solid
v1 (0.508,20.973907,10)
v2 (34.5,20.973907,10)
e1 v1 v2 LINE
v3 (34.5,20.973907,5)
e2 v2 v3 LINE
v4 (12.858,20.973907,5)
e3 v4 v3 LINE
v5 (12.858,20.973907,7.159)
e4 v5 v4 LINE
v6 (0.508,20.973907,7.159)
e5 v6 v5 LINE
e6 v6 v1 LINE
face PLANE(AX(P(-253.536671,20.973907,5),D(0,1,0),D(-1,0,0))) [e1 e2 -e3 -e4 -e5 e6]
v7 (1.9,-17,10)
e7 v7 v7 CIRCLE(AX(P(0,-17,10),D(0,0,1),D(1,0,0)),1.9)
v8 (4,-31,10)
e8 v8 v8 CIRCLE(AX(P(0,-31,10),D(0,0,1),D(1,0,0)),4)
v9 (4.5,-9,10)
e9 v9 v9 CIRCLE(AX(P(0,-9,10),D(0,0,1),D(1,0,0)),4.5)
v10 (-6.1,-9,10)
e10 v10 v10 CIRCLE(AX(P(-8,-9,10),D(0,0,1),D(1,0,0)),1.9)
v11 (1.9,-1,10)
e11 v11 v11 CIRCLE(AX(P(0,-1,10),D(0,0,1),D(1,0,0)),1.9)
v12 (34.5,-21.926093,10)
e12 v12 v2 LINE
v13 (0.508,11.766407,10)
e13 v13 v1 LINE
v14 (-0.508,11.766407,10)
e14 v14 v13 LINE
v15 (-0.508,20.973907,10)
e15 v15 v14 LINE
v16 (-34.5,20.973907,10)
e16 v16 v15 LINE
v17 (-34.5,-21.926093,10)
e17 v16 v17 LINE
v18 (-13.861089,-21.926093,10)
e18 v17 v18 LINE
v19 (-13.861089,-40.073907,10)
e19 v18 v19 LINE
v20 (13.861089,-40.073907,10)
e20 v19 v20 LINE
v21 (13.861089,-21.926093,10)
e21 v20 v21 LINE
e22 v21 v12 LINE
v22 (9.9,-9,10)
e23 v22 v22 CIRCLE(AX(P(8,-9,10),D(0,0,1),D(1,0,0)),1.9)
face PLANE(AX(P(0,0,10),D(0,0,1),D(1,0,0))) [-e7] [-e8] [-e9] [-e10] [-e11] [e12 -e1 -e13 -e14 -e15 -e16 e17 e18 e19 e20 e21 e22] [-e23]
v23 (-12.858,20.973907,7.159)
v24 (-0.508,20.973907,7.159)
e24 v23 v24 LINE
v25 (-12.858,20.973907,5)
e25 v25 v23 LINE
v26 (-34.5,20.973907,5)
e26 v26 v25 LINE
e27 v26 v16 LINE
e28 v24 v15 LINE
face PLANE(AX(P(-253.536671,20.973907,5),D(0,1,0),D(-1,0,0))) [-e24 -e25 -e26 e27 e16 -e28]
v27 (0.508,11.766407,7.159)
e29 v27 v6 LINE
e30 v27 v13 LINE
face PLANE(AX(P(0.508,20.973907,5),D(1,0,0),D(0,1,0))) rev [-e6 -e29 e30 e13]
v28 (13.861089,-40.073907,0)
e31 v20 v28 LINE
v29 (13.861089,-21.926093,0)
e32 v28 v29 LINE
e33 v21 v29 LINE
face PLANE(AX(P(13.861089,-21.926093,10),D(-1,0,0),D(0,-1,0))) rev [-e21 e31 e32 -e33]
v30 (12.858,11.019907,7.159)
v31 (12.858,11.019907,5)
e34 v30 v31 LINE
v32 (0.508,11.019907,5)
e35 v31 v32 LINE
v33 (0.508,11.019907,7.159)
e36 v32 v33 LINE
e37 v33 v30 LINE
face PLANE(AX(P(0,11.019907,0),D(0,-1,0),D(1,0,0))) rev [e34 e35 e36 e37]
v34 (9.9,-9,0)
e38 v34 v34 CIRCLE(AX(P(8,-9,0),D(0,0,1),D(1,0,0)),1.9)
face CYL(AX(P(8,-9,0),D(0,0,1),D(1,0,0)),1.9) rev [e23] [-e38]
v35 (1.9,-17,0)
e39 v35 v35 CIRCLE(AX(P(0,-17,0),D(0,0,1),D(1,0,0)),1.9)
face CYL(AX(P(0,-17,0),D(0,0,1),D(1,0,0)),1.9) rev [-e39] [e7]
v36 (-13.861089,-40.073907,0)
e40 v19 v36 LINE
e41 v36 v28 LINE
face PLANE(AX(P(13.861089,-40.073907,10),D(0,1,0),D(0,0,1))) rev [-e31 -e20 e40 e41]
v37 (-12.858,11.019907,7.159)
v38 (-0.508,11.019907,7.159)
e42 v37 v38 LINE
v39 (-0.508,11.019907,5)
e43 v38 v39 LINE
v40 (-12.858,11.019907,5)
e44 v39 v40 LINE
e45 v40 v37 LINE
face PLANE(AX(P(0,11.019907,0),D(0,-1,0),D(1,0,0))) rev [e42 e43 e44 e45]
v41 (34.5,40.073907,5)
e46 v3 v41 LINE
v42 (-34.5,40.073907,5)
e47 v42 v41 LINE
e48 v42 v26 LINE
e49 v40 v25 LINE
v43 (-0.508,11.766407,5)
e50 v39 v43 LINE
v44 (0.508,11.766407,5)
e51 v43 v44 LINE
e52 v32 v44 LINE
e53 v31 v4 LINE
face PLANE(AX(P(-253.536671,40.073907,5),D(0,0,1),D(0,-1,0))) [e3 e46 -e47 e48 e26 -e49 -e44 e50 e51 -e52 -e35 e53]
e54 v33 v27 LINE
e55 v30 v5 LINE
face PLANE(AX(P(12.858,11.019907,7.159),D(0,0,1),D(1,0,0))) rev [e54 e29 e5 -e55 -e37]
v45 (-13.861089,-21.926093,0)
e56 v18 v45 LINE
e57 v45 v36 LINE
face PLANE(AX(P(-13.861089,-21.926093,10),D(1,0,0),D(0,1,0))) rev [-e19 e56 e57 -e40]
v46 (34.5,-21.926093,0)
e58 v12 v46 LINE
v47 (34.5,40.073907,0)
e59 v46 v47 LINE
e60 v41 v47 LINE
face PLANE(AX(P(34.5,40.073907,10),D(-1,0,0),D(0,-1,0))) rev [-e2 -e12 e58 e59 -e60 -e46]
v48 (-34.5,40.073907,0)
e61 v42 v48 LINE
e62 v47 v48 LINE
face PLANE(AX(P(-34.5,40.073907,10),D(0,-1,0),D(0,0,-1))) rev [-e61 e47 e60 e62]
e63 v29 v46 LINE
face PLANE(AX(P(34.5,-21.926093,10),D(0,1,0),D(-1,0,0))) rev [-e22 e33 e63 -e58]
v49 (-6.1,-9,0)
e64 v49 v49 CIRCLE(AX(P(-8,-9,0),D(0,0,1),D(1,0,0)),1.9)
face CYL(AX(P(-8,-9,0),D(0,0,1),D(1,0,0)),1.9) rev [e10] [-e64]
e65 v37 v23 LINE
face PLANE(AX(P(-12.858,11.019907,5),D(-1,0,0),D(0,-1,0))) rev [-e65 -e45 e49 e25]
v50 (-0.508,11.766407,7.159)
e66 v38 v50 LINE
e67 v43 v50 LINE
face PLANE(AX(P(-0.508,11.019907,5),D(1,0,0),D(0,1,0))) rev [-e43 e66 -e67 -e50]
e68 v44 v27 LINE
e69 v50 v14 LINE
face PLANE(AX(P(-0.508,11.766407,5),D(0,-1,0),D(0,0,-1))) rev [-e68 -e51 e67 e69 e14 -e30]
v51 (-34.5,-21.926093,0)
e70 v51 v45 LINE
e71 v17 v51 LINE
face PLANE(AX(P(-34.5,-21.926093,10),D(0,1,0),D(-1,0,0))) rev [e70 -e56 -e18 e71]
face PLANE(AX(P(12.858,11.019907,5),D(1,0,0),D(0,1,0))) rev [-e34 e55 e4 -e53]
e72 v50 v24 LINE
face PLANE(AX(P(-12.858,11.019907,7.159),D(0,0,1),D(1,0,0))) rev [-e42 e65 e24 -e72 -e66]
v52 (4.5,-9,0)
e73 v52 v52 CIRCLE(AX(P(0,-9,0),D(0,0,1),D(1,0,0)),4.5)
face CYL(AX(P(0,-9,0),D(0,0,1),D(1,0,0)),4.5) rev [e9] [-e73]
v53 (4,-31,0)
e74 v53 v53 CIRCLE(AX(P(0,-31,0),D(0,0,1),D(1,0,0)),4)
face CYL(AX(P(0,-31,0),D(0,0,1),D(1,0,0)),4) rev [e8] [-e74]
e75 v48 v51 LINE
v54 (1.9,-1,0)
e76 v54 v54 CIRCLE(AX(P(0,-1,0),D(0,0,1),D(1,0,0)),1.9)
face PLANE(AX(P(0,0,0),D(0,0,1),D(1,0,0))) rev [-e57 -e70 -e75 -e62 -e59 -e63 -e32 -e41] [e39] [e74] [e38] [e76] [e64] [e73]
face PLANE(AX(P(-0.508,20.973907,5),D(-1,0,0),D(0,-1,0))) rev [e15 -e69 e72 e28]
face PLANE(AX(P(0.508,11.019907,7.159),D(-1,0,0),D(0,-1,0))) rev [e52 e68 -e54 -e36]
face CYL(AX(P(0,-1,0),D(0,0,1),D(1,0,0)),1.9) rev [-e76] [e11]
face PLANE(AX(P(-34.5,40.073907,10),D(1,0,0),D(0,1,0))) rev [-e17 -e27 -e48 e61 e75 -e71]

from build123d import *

# Parameters (mm, degrees)
BOSS_EXTRUDE1_DEPTH     = 10
SKETCH2_R               = 4
SKETCH2_R_2             = 4.5
SKETCH2_R_3             = 1.9
CUT_EXTRUDE1_DEPTH      = 11
CUT_EXTRUDE2_DEPTH      = 1
CUT_EXTRUDE2_DEPTH_BACK = 70
SKETCH5_W               = 1.016
SKETCH5_H               = 9.2075
CUT_EXTRUDE4_DEPTH      = 5
SKETCH6_W               = 12.35
SKETCH6_H               = 2.159
CUT_EXTRUDE5_DEPTH      = 9.954
SKETCH7_W               = 12.35
SKETCH7_H               = 2.159
CUT_EXTRUDE6_DEPTH      = 9.954


with BuildPart() as part:
    # Sketch1 → Boss-Extrude1 (new body)
    with BuildSketch(Plane.XY):
        Polygon((-34.5, 40.07390675), (34.5, 40.07390675), (34.5, -21.92609325), (13.861088822, -21.92609325), (13.861088822, -40.07390675), (-13.861088822, -40.07390675), (-13.861088822, -21.92609325), (-34.5, -21.92609325), align=None)
    extrude(amount=BOSS_EXTRUDE1_DEPTH)

    # Sketch2 → Cut-Extrude1 (cut, through all)
    with BuildSketch(Plane.XY.offset(10)):
        with Locations((0, -31)):
            Circle(SKETCH2_R)
        with Locations((0, -9)):
            Circle(SKETCH2_R_2)
        with Locations((0, -1)):
            Circle(SKETCH2_R_3)
        with Locations((8, -9)):
            Circle(SKETCH2_R_3)
        with Locations((0, -17)):
            Circle(SKETCH2_R_3)
        with Locations((-8, -9)):
            Circle(SKETCH2_R_3)
    extrude(amount=-CUT_EXTRUDE1_DEPTH, mode=Mode.SUBTRACT)

    # Sketch4 → Cut-Extrude2 (cut, two sides)
    with BuildSketch(Plane.ZY.offset(34.5)) as cut_extrude2_sk:
        Polygon((5, 210.681154515), (5, 40.07390675), (5, 20.97390675), (10, 20.97390675), (180.607247765, 20.97390675), (431.008352756, 252.763937984), (255.401104991, 442.471185749), align=None)
    extrude(amount=CUT_EXTRUDE2_DEPTH, mode=Mode.SUBTRACT)
    extrude(cut_extrude2_sk.sketch, amount=-CUT_EXTRUDE2_DEPTH_BACK, mode=Mode.SUBTRACT)

    # Sketch5 → Cut-Extrude4 (cut)
    with BuildSketch(Plane.XY.offset(10)):
        with Locations((0, 16.37015675)):
            Rectangle(SKETCH5_W, SKETCH5_H)
    extrude(amount=-CUT_EXTRUDE4_DEPTH, mode=Mode.SUBTRACT)

    # Sketch6 → Cut-Extrude5 (cut)
    with BuildSketch(Plane(origin=(0, 20.97390675, 0), x_dir=(1, 0, 0), z_dir=(0, 1, 0))):
        with Locations((-6.683, -6.0795)):
            Rectangle(SKETCH6_W, SKETCH6_H)
    extrude(amount=-CUT_EXTRUDE5_DEPTH, mode=Mode.SUBTRACT)

    # Sketch7 → Cut-Extrude6 (cut)
    with BuildSketch(Plane(origin=(0, 20.97390675, 0), x_dir=(1, 0, 0), z_dir=(0, 1, 0))):
        with Locations((6.683, -6.0795)):
            Rectangle(SKETCH7_W, SKETCH7_H)
    extrude(amount=-CUT_EXTRUDE6_DEPTH, mode=Mode.SUBTRACT)


solid = part.part
